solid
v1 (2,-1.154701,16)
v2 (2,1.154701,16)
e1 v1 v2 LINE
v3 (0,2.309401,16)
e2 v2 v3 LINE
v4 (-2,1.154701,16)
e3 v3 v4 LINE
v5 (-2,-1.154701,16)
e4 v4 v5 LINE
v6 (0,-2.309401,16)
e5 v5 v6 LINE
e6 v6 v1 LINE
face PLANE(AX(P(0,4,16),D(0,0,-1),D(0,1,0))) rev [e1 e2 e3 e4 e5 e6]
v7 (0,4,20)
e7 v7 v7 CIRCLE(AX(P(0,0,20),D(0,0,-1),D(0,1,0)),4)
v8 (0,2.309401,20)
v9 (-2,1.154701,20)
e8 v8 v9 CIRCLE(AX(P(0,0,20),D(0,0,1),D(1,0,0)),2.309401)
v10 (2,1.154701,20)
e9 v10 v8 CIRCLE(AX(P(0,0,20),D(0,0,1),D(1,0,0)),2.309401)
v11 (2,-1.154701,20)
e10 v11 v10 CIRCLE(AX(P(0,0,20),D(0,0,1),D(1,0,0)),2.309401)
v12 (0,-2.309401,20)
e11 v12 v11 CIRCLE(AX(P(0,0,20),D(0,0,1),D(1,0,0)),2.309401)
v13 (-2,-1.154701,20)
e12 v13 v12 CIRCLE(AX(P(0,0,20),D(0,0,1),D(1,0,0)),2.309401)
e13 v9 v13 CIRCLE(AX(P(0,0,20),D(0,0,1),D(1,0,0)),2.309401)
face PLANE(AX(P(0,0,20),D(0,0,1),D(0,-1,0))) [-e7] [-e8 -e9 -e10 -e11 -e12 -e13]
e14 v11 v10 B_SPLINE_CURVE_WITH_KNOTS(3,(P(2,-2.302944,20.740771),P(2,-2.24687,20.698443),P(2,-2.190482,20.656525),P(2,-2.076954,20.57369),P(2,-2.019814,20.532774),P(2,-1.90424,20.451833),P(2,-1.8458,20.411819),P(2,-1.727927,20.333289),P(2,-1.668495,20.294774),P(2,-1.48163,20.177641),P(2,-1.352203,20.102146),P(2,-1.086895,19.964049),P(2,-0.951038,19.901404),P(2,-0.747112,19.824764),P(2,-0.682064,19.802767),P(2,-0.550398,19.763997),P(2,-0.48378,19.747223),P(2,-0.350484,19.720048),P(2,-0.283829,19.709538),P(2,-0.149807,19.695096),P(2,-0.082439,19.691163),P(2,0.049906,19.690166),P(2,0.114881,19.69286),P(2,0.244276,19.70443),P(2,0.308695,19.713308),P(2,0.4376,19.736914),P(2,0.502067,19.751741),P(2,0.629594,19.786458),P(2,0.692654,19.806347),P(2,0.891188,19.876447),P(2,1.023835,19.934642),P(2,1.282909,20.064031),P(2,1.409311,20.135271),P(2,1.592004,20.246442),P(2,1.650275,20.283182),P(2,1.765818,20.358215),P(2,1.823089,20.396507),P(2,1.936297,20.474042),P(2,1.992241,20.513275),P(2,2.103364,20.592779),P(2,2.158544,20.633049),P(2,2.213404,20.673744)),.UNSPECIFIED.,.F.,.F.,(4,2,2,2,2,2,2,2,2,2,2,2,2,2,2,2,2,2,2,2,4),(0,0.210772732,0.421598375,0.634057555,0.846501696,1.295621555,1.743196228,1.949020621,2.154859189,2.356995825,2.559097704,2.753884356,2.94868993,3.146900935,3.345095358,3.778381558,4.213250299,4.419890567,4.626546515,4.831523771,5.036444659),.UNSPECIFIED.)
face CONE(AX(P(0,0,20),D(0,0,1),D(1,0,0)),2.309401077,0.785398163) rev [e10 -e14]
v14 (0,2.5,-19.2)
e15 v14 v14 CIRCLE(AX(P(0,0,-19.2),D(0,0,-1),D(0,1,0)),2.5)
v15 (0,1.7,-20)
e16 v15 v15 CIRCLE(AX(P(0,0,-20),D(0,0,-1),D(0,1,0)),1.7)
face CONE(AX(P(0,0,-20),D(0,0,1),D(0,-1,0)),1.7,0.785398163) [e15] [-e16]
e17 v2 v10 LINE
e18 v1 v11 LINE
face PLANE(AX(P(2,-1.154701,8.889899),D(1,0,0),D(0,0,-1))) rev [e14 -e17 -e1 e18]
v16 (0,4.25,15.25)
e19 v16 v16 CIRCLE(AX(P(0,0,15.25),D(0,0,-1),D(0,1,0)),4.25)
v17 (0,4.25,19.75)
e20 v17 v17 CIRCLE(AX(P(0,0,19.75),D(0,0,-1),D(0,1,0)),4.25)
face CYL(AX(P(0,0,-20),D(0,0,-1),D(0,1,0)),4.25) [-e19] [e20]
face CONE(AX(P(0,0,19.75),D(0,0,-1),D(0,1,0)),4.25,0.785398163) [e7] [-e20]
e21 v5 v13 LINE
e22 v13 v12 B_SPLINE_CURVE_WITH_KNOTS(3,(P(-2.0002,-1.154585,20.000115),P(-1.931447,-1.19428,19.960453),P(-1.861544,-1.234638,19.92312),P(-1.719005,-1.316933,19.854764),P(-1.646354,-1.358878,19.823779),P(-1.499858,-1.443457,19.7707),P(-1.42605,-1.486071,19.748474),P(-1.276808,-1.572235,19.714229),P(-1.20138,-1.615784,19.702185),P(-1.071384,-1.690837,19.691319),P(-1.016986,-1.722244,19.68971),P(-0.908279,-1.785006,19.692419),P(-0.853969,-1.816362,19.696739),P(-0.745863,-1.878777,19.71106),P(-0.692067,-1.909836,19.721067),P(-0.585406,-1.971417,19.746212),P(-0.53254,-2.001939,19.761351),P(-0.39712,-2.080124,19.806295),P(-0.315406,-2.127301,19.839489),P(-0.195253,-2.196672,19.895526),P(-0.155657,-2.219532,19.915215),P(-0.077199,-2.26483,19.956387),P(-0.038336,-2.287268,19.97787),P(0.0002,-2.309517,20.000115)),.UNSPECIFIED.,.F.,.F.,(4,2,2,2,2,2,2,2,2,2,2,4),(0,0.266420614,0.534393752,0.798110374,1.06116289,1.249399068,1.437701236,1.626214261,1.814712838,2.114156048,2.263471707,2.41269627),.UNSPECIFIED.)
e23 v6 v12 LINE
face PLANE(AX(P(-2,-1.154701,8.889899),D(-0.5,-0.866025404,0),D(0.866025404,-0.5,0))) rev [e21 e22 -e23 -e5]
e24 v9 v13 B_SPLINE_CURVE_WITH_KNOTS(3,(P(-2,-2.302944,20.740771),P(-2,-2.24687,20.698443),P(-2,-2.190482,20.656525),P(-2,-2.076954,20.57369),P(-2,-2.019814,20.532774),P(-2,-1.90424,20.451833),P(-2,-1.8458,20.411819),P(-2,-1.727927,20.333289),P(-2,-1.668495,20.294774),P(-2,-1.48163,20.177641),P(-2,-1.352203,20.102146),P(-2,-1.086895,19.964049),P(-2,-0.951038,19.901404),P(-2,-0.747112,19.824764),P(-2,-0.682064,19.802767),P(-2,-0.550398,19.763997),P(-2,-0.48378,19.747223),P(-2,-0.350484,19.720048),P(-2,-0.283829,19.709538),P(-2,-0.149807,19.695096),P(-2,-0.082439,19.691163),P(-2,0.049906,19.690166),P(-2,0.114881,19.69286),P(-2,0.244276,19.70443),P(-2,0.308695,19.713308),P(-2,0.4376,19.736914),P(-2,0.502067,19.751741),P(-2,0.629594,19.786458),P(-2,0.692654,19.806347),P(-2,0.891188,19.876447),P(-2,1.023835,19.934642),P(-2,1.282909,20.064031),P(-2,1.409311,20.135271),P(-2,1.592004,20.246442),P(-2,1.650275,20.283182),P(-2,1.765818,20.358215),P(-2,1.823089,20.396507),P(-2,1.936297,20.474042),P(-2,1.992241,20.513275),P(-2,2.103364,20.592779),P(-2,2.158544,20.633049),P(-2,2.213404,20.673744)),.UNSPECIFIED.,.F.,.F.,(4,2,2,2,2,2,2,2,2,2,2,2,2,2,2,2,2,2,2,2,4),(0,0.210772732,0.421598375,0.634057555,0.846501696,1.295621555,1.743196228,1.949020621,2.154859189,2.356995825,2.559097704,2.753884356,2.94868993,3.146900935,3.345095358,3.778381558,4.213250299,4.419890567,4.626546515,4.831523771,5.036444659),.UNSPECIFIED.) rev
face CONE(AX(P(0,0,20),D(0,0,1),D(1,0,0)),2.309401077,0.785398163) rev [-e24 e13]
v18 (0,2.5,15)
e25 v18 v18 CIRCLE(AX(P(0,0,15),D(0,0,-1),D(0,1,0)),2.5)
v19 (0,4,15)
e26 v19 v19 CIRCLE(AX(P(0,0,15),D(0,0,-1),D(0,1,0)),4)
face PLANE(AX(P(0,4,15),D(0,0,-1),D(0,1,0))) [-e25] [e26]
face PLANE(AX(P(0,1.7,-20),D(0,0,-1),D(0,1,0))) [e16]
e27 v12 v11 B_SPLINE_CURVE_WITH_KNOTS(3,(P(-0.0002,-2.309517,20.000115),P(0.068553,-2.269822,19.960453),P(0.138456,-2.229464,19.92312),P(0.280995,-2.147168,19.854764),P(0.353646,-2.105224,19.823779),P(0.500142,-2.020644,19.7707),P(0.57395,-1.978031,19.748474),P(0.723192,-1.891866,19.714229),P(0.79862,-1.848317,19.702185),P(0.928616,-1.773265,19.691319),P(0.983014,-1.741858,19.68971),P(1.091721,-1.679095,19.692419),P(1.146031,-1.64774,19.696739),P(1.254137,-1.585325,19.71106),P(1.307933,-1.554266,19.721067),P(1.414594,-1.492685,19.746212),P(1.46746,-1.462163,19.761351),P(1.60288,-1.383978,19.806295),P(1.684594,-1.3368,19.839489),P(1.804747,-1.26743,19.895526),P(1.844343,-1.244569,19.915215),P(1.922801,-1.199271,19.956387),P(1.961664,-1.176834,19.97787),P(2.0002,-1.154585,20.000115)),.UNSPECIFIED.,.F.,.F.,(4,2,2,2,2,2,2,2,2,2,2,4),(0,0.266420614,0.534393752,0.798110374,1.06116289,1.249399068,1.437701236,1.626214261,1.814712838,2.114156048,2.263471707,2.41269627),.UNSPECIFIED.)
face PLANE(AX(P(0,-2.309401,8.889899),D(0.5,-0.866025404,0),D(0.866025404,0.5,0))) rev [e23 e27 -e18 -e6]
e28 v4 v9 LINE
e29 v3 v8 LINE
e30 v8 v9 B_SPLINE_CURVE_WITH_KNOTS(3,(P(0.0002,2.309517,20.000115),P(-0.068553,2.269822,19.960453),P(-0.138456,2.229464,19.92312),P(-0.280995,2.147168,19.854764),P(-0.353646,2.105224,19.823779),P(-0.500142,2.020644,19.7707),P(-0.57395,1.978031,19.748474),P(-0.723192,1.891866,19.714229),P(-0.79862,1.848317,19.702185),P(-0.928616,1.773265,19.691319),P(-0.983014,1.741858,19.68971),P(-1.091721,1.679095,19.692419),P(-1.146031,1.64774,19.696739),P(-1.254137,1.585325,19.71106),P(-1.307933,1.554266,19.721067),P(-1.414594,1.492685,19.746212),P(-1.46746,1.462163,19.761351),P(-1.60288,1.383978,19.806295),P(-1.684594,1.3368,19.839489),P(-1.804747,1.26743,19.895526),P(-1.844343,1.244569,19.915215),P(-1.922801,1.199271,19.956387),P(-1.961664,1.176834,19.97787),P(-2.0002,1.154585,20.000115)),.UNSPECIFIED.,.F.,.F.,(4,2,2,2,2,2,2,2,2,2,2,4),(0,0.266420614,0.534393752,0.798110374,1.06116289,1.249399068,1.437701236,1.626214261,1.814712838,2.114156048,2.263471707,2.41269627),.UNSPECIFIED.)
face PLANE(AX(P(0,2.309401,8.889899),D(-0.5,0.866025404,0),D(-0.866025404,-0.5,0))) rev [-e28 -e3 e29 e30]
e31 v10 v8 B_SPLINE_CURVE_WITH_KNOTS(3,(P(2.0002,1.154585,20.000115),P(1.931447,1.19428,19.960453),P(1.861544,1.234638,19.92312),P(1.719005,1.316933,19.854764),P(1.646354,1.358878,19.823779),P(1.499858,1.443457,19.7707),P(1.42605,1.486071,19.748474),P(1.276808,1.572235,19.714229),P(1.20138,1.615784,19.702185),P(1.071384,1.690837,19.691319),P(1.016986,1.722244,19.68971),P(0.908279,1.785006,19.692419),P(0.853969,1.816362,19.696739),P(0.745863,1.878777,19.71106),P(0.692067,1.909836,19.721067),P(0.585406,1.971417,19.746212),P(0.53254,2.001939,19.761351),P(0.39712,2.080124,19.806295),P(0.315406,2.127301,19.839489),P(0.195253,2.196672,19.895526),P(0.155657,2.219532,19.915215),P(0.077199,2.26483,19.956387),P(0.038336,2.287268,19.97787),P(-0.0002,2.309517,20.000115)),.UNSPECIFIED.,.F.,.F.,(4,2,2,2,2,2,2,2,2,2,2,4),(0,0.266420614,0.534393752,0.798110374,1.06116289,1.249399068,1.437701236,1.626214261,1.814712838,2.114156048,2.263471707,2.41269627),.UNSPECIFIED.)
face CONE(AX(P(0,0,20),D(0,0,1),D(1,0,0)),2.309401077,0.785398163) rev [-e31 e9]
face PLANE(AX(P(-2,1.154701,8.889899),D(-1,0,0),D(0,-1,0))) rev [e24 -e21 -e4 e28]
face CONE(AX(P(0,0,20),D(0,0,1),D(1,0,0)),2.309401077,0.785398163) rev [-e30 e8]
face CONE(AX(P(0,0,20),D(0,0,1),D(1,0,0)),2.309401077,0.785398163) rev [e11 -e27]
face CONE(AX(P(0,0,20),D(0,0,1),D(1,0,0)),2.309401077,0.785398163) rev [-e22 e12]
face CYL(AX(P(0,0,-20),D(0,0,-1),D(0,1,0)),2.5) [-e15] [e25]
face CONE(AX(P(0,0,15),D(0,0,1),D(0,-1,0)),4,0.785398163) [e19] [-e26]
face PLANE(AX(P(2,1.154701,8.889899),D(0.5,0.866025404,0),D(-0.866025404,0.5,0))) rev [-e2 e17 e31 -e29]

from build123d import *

# Parameters (mm, degrees)
CUT_EXTRUDE1_DEPTH = 4


with BuildPart() as part:
    # Sketch2 → Revolve1 (revolve)
    with BuildSketch(Plane(origin=(0, 0, 0), x_dir=(0, 0, -1), z_dir=(1, 0, 0))):
        Polygon((-20, 0), (-20, 4), (-19.75, 4.25), (-15.25, 4.25), (-15, 4), (-15, 2.5), (19.2, 2.5), (20, 1.7), (20, 0), align=None)
    revolve(axis=Axis((0, 0, -20), (0, 0, 1)))

    # Sketch3 → Cut-Extrude1 (cut)
    with BuildSketch(Plane.XY.offset(20)):
        Polygon((2, -1.154700538), (2, 1.154700538), (0, 2.309401077), (-2, 1.154700538), (-2, -1.154700538), (0, -2.309401077), align=None)
    extrude(amount=-CUT_EXTRUDE1_DEPTH, mode=Mode.SUBTRACT)

    # Cut-Extrude2 cone 1 section (through the dimple's axis) → Cut-Extrude2 (revolve, cut)
    with BuildSketch(Plane(origin=(0, 0, 20), x_dir=(0, -1, 0), z_dir=(1, 0, 0))):
        Polygon((0, 0), (2.309401077, 0), (0, 2.309401077), align=None)
    revolve(axis=Axis((0, 0, 20), (0, 0, -1)), mode=Mode.SUBTRACT)


solid = part.part
